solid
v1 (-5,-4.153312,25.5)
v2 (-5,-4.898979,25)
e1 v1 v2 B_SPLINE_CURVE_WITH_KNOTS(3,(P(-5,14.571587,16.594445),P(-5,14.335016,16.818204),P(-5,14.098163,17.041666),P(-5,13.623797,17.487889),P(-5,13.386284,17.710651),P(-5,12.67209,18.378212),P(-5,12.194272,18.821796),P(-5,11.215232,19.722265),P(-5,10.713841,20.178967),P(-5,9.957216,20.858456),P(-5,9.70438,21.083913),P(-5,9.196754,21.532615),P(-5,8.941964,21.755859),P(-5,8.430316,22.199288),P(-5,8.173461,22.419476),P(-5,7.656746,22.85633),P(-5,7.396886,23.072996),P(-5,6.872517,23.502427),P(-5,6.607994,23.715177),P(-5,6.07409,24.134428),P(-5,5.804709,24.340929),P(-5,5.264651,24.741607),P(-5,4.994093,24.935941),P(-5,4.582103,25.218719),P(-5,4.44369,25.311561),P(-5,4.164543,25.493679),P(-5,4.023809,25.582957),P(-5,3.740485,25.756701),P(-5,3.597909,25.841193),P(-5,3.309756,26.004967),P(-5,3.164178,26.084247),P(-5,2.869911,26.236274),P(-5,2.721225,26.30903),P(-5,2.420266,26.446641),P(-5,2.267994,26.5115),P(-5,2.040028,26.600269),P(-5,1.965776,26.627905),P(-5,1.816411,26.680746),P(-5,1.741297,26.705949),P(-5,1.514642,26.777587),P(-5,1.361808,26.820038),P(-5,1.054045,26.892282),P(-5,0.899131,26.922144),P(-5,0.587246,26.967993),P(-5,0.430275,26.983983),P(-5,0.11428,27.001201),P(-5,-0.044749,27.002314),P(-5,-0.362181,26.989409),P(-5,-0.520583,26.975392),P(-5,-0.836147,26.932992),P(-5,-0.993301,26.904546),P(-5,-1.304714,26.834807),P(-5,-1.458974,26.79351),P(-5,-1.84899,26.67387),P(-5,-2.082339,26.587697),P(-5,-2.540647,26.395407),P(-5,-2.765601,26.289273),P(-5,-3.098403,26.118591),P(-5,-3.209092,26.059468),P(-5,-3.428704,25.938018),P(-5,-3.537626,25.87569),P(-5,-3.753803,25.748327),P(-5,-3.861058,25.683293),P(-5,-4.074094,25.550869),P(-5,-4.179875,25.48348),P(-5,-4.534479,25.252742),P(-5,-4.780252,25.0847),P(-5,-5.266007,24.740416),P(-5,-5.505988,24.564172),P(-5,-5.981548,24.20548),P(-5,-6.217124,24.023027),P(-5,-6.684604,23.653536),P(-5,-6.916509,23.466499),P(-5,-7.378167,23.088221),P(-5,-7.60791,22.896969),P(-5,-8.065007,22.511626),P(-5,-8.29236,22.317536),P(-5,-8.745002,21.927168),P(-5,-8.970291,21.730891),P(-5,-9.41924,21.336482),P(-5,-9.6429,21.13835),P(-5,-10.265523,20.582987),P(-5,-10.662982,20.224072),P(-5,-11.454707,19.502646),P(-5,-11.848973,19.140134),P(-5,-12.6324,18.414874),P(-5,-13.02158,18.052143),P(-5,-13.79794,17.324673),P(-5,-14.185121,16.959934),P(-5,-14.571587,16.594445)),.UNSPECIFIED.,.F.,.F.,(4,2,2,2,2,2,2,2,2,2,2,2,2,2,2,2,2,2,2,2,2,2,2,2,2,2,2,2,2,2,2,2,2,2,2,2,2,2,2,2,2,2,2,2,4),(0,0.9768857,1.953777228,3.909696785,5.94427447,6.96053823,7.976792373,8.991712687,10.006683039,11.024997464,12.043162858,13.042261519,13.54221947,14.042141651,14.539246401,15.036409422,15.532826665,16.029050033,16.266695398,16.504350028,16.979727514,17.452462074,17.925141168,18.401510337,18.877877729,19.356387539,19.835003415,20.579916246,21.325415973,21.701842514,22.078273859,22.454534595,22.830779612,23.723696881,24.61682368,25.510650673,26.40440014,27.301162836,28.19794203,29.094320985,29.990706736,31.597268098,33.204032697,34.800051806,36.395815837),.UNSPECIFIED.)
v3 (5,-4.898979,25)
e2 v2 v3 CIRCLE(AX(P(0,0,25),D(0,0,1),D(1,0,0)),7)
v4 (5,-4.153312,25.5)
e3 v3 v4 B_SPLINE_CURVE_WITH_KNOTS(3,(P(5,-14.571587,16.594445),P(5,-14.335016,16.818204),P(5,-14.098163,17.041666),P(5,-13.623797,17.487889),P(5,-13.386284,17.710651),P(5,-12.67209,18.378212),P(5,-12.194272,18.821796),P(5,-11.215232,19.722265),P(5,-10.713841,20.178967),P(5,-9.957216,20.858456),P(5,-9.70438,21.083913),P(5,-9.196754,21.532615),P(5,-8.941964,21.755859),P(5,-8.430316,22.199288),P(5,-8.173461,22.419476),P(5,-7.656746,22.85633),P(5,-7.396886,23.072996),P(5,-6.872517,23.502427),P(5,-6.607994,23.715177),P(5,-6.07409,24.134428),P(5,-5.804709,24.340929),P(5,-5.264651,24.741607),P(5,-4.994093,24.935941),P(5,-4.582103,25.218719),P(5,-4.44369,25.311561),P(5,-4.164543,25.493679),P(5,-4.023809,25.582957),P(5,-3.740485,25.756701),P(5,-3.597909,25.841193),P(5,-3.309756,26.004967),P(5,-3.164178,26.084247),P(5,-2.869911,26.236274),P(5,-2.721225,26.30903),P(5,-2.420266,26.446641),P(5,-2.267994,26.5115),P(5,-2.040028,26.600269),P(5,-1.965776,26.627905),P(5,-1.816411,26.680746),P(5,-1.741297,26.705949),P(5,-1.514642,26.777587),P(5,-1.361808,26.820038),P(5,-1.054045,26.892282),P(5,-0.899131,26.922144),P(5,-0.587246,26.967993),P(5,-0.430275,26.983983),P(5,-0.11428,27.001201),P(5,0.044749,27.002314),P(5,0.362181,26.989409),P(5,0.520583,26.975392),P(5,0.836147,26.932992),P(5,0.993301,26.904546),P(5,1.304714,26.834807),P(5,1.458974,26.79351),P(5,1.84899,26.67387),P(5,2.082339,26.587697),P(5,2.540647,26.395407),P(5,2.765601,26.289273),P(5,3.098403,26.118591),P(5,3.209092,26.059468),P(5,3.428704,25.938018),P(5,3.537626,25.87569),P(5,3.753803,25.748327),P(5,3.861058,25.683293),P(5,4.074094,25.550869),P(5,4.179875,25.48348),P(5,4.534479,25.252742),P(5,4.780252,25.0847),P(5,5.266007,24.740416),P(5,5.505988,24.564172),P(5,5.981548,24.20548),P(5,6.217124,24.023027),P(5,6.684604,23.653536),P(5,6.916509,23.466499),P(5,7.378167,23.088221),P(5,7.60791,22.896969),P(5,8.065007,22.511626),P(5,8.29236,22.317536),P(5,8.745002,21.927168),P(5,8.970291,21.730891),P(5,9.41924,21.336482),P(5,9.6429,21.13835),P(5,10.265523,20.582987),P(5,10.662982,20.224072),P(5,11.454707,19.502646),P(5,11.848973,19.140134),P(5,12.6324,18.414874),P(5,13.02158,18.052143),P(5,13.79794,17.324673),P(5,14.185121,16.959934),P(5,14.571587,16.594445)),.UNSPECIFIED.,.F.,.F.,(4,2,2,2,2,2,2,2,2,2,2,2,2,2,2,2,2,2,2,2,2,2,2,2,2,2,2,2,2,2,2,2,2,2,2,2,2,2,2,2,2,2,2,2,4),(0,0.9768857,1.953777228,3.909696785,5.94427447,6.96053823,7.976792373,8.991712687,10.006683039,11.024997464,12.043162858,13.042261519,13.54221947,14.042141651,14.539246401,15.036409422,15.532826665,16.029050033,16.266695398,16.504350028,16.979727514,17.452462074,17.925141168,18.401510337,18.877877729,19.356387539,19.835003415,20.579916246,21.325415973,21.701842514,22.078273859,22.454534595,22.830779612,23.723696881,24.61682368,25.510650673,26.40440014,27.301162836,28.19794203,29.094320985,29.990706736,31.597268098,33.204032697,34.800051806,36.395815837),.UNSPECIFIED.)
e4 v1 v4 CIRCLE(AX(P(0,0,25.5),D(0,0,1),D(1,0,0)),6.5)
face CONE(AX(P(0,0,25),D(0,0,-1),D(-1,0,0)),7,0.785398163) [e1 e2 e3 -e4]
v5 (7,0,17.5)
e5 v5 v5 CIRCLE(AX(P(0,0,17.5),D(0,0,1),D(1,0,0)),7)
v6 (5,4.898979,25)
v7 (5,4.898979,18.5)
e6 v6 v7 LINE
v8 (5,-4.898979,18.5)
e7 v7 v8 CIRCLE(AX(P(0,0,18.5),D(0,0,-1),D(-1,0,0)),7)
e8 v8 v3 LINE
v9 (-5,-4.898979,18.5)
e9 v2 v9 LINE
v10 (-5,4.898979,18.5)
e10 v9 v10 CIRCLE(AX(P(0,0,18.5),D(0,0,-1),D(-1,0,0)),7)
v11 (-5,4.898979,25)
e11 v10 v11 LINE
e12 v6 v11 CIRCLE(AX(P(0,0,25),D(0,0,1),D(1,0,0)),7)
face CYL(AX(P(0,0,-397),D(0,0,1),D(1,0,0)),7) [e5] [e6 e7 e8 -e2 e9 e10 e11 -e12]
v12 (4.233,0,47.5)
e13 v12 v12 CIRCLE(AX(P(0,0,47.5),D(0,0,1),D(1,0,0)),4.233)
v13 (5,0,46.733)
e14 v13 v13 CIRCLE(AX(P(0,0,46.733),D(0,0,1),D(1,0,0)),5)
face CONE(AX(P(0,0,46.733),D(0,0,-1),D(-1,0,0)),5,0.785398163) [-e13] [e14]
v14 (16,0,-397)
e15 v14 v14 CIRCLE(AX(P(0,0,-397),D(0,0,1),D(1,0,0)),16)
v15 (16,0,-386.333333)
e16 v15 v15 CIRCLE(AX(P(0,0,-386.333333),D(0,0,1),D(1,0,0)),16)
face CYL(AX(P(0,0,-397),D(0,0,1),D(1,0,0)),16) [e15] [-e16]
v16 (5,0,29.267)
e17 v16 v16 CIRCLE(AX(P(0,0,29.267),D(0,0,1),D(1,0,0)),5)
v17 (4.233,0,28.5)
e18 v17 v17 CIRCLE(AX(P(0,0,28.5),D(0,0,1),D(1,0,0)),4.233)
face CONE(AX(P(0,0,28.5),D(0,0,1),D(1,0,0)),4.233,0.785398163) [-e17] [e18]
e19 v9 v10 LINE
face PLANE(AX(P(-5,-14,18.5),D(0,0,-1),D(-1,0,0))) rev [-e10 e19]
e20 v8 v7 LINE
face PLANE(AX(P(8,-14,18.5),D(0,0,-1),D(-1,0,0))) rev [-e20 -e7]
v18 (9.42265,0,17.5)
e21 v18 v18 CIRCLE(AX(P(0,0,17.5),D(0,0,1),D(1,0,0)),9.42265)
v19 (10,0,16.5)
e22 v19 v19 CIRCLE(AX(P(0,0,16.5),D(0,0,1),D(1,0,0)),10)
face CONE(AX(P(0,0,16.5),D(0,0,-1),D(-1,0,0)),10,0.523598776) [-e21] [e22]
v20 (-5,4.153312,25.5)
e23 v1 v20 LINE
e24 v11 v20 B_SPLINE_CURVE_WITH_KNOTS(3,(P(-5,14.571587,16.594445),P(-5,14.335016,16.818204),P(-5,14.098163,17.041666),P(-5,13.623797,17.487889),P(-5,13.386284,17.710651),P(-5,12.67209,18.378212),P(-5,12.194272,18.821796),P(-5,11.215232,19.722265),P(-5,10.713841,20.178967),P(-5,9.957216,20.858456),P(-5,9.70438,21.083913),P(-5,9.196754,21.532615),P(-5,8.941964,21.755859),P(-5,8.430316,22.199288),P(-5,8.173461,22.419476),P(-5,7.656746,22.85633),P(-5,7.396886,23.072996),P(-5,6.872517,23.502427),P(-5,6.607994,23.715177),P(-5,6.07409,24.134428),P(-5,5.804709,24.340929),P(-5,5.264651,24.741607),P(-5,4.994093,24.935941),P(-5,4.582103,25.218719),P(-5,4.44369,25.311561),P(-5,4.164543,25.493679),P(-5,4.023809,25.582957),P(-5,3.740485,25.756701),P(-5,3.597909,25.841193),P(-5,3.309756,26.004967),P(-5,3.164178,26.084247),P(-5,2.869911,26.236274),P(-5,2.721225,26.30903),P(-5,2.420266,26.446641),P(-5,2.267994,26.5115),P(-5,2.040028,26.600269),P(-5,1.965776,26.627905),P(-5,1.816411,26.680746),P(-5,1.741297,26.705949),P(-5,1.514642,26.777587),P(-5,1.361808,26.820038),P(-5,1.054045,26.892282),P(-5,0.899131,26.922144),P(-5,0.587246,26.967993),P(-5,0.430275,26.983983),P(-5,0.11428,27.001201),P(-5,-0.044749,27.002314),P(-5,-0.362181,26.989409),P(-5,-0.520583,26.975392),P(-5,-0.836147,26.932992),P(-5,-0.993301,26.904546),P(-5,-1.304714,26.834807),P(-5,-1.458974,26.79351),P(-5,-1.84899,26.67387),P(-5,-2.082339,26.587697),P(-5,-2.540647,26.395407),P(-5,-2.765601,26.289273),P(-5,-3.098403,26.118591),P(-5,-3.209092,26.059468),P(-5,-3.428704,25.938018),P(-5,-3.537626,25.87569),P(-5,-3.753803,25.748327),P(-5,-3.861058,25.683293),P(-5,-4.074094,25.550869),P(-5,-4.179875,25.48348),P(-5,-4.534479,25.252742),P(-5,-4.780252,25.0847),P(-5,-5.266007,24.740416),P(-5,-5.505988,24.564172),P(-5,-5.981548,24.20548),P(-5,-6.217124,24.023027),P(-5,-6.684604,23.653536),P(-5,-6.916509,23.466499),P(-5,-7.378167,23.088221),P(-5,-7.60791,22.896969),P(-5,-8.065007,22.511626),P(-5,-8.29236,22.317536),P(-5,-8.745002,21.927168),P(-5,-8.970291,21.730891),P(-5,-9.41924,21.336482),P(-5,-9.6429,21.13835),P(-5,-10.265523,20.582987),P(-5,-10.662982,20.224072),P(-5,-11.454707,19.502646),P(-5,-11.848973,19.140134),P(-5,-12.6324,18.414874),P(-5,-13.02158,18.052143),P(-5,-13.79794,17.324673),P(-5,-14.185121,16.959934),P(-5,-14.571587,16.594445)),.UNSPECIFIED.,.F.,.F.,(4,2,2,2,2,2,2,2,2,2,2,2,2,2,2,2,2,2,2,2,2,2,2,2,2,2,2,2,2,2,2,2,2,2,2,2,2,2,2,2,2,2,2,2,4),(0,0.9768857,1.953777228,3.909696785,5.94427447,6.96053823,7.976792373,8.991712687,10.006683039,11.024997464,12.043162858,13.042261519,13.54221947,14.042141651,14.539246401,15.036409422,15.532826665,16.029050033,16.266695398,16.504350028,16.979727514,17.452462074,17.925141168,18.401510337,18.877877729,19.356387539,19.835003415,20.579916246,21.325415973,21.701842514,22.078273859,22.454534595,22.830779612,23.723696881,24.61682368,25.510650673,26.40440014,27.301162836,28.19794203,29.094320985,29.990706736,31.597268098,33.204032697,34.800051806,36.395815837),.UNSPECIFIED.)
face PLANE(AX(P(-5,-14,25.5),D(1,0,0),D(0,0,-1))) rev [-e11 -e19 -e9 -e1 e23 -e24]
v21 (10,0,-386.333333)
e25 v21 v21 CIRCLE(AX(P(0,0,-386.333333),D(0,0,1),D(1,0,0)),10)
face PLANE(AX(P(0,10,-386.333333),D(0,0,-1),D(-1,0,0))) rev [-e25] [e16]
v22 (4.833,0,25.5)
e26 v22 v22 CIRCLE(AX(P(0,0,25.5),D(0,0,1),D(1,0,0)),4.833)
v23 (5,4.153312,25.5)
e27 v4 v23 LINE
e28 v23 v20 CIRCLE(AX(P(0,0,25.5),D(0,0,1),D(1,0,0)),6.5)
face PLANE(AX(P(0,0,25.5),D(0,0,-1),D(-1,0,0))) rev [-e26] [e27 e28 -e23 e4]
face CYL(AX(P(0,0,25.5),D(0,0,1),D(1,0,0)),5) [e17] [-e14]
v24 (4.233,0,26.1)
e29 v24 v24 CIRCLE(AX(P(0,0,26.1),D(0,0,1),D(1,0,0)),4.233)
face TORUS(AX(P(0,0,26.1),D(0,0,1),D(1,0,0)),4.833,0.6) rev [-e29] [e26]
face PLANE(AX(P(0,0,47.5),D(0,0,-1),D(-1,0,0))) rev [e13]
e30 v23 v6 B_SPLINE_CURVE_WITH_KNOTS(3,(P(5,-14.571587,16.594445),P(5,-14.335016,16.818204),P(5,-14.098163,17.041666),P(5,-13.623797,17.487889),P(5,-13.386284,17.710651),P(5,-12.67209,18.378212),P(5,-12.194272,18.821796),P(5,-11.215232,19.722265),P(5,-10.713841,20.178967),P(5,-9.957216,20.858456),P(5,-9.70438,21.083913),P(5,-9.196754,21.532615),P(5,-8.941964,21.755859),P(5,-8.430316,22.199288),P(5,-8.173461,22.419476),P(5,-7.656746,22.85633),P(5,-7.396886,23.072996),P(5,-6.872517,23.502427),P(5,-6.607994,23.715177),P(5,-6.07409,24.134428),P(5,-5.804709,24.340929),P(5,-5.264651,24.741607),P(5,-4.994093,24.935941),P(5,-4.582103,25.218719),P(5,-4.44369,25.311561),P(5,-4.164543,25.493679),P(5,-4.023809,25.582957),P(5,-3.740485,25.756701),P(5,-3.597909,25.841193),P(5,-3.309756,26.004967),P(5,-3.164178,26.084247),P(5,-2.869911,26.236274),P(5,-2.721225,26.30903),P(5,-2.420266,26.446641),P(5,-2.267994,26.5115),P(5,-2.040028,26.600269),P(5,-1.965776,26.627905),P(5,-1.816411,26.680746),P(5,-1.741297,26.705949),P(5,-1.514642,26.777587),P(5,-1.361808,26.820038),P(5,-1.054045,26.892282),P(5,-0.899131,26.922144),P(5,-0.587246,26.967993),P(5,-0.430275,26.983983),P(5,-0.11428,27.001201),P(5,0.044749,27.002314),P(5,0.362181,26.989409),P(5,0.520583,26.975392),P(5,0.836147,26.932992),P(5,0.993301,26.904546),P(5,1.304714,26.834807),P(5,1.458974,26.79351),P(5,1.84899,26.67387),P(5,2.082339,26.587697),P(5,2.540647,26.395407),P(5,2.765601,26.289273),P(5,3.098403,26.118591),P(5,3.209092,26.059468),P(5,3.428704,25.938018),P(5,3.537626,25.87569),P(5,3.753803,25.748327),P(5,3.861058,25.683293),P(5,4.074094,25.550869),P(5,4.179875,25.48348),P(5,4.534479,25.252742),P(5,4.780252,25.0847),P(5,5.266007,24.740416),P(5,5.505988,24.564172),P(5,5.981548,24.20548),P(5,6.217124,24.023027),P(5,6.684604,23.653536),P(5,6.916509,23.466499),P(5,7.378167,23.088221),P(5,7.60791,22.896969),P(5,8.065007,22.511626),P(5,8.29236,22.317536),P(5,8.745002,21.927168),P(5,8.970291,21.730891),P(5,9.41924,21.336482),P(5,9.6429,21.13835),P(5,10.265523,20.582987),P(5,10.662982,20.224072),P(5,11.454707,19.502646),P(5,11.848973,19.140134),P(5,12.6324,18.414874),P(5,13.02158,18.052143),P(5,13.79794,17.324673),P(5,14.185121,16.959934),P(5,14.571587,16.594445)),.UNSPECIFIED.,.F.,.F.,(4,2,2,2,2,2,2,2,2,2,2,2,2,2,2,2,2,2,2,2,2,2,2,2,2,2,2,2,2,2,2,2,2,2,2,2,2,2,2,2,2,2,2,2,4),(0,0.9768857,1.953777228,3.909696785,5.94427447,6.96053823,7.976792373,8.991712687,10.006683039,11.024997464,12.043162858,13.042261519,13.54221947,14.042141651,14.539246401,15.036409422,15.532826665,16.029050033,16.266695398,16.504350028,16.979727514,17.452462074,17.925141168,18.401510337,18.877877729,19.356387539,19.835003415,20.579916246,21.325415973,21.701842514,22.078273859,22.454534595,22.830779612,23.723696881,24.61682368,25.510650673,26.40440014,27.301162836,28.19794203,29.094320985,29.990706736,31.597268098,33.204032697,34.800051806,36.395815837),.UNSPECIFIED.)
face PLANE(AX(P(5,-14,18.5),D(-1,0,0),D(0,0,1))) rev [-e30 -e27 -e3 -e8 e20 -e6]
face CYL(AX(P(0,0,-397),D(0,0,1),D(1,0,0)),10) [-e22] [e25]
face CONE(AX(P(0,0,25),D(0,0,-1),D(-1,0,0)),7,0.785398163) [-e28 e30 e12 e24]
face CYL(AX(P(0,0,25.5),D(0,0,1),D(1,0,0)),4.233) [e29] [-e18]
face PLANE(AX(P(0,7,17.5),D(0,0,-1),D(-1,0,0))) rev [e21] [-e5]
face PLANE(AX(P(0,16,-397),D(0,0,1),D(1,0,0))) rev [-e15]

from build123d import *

# Parameters (mm, degrees)
CUT_EXTRUDE1_DEPTH      = 14
CUT_EXTRUDE1_DEPTH_BACK = 14


with BuildPart() as part:
    # Sketch1 → Revolve1 (revolve)
    with BuildSketch(Plane(origin=(0, 0, 0), x_dir=(0, 0, -1), z_dir=(1, 0, 0))):
        Polygon((-25.5, 0), (-25.5, 6.5), (-25, 7), (-17.5, 7), (-17.5, 9.422649731), (-16.5, 10), (386.333333333, 10), (386.333333333, 16), (397, 16), (397, 0), align=None)
    revolve(axis=Axis((0, 0, -397), (0, 0, 1)))

    # Sketch2 → Cut-Extrude1 (cut, two sides: drawn at the far end of the back side and taken through both)
    with BuildSketch(Plane(origin=(0, 0, 0), x_dir=(1, 0, 0), z_dir=(0, 1, 0)).offset(-CUT_EXTRUDE1_DEPTH_BACK)):
        Polygon((-8, -18.5), (-8, -28.5), (8, -28.5), (8, -18.5), (5, -18.5), (5, -25.5), (-5, -25.5), (-5, -18.5), align=None)
    extrude(amount=CUT_EXTRUDE1_DEPTH + CUT_EXTRUDE1_DEPTH_BACK, mode=Mode.SUBTRACT)

    # Sketch3 → Revolve2 (revolve)
    with BuildSketch(Plane(origin=(0, 0, 0), x_dir=(0, 0, -1), z_dir=(1, 0, 0))):
        with BuildLine():
            Line((-47.5, 0), (-47.5, 4.233))
            Line((-47.5, 4.233), (-46.733, 5))
            Line((-46.733, 5), (-29.267, 5))
            Line((-29.267, 5), (-28.5, 4.233))
            Line((-28.5, 4.233), (-26.1, 4.233))
            ThreePointArc((-26.1, 4.233), (-25.675735931, 4.408735931), (-25.5, 4.833))
            Line((-25.5, 4.833), (-25.5, 0))
            Line((-25.5, 0), (-47.5, 0))
        make_face()
    revolve(axis=Axis((0, 0, 25.5), (0, 0, 1)))


solid = part.part
